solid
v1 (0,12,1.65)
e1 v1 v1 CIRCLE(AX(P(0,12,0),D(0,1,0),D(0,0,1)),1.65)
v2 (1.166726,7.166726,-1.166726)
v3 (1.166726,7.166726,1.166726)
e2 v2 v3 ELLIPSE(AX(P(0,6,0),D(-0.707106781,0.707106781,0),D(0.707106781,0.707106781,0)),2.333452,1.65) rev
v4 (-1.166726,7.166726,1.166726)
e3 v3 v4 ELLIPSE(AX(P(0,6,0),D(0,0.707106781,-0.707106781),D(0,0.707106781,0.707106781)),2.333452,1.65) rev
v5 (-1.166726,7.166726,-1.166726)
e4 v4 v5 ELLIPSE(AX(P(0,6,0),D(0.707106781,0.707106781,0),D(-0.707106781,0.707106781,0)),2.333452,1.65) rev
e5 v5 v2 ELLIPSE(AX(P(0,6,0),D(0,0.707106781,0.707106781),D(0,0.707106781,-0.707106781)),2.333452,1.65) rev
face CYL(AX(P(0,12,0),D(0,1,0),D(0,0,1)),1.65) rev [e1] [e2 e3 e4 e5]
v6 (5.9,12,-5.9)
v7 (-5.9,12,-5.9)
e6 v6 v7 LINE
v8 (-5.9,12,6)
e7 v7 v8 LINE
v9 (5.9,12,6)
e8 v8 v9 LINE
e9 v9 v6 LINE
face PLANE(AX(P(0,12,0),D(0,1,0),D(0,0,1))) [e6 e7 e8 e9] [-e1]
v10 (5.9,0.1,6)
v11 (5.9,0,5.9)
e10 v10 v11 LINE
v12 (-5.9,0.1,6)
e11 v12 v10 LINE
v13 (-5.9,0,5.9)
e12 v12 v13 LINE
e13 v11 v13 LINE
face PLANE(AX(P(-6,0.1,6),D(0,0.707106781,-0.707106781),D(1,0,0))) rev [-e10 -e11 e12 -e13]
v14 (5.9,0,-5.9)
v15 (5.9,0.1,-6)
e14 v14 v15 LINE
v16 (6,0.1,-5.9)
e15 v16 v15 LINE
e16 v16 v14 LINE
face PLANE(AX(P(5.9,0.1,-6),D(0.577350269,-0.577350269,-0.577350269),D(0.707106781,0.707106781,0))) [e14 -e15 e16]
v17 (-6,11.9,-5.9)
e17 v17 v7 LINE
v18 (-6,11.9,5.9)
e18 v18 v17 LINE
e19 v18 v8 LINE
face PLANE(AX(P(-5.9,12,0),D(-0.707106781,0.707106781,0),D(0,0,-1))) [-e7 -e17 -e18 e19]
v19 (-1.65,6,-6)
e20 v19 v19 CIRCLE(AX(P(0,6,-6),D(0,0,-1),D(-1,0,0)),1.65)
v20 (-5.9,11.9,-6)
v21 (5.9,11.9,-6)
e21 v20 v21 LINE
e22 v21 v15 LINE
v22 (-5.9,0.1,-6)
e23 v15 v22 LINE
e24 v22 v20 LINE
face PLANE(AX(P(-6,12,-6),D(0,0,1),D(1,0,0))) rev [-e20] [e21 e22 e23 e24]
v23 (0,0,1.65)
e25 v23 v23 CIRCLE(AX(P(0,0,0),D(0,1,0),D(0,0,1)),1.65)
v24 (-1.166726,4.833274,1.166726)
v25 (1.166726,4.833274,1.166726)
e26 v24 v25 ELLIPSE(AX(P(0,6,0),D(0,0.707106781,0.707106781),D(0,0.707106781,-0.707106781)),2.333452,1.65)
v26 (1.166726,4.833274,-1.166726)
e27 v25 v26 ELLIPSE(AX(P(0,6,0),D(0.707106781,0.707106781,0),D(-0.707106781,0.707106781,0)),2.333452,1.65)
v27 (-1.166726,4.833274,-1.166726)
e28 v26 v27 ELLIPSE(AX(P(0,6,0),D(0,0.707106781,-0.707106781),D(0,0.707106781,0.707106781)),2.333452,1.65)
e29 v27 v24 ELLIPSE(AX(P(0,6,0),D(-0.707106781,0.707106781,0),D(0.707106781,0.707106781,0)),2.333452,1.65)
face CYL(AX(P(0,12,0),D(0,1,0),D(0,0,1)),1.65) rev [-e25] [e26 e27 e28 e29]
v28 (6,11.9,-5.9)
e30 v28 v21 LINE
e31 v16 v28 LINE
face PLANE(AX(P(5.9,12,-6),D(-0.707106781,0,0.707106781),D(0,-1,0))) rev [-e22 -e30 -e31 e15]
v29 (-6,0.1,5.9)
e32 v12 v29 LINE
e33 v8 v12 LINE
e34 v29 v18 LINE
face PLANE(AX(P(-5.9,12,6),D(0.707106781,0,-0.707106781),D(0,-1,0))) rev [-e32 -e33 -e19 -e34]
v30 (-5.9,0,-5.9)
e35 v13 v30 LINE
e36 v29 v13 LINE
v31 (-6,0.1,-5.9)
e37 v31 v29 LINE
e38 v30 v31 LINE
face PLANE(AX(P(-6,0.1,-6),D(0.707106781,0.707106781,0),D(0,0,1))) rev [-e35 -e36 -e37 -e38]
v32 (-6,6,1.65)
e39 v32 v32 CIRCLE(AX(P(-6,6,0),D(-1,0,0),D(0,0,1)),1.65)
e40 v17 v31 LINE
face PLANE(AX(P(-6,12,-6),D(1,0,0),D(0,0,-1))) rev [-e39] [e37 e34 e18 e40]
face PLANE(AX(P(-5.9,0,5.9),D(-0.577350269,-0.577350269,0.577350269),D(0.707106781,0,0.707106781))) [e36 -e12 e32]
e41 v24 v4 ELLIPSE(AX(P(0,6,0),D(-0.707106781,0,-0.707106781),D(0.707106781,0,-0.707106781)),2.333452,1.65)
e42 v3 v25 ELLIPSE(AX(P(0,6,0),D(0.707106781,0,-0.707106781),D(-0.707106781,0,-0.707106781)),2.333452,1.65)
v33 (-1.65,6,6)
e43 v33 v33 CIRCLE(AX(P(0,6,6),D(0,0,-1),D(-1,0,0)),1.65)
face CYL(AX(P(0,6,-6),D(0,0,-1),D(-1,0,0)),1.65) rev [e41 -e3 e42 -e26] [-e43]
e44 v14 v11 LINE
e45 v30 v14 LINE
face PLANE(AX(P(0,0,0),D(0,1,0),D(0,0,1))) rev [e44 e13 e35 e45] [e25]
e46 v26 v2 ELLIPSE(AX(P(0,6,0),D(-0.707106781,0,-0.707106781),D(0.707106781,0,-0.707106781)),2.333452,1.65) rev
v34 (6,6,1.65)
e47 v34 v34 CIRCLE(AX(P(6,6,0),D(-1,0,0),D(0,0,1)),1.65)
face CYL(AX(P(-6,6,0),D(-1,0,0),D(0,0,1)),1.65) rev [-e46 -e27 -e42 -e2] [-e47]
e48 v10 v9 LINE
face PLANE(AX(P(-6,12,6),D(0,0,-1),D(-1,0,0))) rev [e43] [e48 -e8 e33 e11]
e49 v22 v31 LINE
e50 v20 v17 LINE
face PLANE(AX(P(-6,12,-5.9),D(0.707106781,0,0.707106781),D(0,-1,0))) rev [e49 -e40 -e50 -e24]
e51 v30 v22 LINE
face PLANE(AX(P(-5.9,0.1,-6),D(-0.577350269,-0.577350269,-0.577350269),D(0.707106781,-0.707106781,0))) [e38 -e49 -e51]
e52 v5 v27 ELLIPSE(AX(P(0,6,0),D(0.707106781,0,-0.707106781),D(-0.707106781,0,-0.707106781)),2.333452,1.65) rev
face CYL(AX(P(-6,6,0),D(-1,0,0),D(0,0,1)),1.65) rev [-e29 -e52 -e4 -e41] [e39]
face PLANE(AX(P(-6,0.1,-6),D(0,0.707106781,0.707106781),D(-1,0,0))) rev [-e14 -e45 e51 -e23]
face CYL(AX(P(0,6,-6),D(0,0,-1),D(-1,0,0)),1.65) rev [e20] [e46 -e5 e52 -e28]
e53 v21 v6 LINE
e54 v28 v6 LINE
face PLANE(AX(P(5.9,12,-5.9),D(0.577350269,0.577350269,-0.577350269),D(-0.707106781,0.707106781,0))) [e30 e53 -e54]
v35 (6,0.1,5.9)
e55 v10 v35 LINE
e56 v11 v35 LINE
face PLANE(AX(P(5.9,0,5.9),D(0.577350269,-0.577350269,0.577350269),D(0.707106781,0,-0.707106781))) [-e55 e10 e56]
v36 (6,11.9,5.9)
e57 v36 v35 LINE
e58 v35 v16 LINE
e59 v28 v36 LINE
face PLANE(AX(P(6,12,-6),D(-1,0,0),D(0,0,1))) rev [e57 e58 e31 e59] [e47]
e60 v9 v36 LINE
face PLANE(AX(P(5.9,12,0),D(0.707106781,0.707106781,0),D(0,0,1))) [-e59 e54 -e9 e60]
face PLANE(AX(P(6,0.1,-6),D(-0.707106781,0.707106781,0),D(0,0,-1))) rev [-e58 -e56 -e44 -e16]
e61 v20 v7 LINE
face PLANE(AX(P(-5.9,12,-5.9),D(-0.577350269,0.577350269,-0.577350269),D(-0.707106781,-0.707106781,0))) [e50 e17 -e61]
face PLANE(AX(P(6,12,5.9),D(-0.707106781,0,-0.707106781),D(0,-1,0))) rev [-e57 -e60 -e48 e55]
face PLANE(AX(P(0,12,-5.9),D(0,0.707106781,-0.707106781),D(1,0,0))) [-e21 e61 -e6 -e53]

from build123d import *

# Parameters (mm, degrees)
SKETCH_1_W      = 12
SKETCH_1_H      = 12
EXTRUDE_1_DEPTH = 12
M4X0_7_1_D      = 3.3
M4X0_7_2_D      = 3.3
M4X0_7_3_D      = 3.3
CHAMFER_1_SIZE  = 0.1


with BuildPart() as part:
    # 草图1 → 凸台-拉伸1 (new body)
    with BuildSketch(Plane(origin=(0, 0, 0), x_dir=(1, 0, 0), z_dir=(0, 1, 0))):
        Rectangle(SKETCH_1_W, SKETCH_1_H)
    extrude(amount=EXTRUDE_1_DEPTH)

    # M4x0.7 螺纹孔1 (through all)
    with Locations(Plane(origin=(0, 12, 0), x_dir=(1, 0, 0), z_dir=(0, 1, 0))):
        with Locations((0, 0)):
            Hole(M4X0_7_1_D / 2)

    # M4x0.7 螺纹孔2 (through all)
    with Locations(Plane(origin=(0, 0, -6), x_dir=(-1, 0, 0), z_dir=(0, 0, -1))):
        with Locations((0, 6)):
            Hole(M4X0_7_2_D / 2)

    # M4x0.7 螺纹孔3 (through all)
    with Locations(Plane.ZY.offset(6)):
        with Locations((0, 6)):
            Hole(M4X0_7_3_D / 2)

    # 倒角1
    chamfer_1_edges = [part.edges().sort_by_distance(p)[0] for p in [
        (-6, 12, 0),
        (6, 12, 0),
        (0, 0, 6),
        (-6, 0, 0),
        (0, 0, -6),
        (6, 0, 0),
        (6, 6, 6),
        (-6, 6, 6),
        (-6, 6, -6),
        (6, 6, -6),
        (0, 12, -6),
    ]]
    chamfer(chamfer_1_edges, length=CHAMFER_1_SIZE)


solid = part.part
